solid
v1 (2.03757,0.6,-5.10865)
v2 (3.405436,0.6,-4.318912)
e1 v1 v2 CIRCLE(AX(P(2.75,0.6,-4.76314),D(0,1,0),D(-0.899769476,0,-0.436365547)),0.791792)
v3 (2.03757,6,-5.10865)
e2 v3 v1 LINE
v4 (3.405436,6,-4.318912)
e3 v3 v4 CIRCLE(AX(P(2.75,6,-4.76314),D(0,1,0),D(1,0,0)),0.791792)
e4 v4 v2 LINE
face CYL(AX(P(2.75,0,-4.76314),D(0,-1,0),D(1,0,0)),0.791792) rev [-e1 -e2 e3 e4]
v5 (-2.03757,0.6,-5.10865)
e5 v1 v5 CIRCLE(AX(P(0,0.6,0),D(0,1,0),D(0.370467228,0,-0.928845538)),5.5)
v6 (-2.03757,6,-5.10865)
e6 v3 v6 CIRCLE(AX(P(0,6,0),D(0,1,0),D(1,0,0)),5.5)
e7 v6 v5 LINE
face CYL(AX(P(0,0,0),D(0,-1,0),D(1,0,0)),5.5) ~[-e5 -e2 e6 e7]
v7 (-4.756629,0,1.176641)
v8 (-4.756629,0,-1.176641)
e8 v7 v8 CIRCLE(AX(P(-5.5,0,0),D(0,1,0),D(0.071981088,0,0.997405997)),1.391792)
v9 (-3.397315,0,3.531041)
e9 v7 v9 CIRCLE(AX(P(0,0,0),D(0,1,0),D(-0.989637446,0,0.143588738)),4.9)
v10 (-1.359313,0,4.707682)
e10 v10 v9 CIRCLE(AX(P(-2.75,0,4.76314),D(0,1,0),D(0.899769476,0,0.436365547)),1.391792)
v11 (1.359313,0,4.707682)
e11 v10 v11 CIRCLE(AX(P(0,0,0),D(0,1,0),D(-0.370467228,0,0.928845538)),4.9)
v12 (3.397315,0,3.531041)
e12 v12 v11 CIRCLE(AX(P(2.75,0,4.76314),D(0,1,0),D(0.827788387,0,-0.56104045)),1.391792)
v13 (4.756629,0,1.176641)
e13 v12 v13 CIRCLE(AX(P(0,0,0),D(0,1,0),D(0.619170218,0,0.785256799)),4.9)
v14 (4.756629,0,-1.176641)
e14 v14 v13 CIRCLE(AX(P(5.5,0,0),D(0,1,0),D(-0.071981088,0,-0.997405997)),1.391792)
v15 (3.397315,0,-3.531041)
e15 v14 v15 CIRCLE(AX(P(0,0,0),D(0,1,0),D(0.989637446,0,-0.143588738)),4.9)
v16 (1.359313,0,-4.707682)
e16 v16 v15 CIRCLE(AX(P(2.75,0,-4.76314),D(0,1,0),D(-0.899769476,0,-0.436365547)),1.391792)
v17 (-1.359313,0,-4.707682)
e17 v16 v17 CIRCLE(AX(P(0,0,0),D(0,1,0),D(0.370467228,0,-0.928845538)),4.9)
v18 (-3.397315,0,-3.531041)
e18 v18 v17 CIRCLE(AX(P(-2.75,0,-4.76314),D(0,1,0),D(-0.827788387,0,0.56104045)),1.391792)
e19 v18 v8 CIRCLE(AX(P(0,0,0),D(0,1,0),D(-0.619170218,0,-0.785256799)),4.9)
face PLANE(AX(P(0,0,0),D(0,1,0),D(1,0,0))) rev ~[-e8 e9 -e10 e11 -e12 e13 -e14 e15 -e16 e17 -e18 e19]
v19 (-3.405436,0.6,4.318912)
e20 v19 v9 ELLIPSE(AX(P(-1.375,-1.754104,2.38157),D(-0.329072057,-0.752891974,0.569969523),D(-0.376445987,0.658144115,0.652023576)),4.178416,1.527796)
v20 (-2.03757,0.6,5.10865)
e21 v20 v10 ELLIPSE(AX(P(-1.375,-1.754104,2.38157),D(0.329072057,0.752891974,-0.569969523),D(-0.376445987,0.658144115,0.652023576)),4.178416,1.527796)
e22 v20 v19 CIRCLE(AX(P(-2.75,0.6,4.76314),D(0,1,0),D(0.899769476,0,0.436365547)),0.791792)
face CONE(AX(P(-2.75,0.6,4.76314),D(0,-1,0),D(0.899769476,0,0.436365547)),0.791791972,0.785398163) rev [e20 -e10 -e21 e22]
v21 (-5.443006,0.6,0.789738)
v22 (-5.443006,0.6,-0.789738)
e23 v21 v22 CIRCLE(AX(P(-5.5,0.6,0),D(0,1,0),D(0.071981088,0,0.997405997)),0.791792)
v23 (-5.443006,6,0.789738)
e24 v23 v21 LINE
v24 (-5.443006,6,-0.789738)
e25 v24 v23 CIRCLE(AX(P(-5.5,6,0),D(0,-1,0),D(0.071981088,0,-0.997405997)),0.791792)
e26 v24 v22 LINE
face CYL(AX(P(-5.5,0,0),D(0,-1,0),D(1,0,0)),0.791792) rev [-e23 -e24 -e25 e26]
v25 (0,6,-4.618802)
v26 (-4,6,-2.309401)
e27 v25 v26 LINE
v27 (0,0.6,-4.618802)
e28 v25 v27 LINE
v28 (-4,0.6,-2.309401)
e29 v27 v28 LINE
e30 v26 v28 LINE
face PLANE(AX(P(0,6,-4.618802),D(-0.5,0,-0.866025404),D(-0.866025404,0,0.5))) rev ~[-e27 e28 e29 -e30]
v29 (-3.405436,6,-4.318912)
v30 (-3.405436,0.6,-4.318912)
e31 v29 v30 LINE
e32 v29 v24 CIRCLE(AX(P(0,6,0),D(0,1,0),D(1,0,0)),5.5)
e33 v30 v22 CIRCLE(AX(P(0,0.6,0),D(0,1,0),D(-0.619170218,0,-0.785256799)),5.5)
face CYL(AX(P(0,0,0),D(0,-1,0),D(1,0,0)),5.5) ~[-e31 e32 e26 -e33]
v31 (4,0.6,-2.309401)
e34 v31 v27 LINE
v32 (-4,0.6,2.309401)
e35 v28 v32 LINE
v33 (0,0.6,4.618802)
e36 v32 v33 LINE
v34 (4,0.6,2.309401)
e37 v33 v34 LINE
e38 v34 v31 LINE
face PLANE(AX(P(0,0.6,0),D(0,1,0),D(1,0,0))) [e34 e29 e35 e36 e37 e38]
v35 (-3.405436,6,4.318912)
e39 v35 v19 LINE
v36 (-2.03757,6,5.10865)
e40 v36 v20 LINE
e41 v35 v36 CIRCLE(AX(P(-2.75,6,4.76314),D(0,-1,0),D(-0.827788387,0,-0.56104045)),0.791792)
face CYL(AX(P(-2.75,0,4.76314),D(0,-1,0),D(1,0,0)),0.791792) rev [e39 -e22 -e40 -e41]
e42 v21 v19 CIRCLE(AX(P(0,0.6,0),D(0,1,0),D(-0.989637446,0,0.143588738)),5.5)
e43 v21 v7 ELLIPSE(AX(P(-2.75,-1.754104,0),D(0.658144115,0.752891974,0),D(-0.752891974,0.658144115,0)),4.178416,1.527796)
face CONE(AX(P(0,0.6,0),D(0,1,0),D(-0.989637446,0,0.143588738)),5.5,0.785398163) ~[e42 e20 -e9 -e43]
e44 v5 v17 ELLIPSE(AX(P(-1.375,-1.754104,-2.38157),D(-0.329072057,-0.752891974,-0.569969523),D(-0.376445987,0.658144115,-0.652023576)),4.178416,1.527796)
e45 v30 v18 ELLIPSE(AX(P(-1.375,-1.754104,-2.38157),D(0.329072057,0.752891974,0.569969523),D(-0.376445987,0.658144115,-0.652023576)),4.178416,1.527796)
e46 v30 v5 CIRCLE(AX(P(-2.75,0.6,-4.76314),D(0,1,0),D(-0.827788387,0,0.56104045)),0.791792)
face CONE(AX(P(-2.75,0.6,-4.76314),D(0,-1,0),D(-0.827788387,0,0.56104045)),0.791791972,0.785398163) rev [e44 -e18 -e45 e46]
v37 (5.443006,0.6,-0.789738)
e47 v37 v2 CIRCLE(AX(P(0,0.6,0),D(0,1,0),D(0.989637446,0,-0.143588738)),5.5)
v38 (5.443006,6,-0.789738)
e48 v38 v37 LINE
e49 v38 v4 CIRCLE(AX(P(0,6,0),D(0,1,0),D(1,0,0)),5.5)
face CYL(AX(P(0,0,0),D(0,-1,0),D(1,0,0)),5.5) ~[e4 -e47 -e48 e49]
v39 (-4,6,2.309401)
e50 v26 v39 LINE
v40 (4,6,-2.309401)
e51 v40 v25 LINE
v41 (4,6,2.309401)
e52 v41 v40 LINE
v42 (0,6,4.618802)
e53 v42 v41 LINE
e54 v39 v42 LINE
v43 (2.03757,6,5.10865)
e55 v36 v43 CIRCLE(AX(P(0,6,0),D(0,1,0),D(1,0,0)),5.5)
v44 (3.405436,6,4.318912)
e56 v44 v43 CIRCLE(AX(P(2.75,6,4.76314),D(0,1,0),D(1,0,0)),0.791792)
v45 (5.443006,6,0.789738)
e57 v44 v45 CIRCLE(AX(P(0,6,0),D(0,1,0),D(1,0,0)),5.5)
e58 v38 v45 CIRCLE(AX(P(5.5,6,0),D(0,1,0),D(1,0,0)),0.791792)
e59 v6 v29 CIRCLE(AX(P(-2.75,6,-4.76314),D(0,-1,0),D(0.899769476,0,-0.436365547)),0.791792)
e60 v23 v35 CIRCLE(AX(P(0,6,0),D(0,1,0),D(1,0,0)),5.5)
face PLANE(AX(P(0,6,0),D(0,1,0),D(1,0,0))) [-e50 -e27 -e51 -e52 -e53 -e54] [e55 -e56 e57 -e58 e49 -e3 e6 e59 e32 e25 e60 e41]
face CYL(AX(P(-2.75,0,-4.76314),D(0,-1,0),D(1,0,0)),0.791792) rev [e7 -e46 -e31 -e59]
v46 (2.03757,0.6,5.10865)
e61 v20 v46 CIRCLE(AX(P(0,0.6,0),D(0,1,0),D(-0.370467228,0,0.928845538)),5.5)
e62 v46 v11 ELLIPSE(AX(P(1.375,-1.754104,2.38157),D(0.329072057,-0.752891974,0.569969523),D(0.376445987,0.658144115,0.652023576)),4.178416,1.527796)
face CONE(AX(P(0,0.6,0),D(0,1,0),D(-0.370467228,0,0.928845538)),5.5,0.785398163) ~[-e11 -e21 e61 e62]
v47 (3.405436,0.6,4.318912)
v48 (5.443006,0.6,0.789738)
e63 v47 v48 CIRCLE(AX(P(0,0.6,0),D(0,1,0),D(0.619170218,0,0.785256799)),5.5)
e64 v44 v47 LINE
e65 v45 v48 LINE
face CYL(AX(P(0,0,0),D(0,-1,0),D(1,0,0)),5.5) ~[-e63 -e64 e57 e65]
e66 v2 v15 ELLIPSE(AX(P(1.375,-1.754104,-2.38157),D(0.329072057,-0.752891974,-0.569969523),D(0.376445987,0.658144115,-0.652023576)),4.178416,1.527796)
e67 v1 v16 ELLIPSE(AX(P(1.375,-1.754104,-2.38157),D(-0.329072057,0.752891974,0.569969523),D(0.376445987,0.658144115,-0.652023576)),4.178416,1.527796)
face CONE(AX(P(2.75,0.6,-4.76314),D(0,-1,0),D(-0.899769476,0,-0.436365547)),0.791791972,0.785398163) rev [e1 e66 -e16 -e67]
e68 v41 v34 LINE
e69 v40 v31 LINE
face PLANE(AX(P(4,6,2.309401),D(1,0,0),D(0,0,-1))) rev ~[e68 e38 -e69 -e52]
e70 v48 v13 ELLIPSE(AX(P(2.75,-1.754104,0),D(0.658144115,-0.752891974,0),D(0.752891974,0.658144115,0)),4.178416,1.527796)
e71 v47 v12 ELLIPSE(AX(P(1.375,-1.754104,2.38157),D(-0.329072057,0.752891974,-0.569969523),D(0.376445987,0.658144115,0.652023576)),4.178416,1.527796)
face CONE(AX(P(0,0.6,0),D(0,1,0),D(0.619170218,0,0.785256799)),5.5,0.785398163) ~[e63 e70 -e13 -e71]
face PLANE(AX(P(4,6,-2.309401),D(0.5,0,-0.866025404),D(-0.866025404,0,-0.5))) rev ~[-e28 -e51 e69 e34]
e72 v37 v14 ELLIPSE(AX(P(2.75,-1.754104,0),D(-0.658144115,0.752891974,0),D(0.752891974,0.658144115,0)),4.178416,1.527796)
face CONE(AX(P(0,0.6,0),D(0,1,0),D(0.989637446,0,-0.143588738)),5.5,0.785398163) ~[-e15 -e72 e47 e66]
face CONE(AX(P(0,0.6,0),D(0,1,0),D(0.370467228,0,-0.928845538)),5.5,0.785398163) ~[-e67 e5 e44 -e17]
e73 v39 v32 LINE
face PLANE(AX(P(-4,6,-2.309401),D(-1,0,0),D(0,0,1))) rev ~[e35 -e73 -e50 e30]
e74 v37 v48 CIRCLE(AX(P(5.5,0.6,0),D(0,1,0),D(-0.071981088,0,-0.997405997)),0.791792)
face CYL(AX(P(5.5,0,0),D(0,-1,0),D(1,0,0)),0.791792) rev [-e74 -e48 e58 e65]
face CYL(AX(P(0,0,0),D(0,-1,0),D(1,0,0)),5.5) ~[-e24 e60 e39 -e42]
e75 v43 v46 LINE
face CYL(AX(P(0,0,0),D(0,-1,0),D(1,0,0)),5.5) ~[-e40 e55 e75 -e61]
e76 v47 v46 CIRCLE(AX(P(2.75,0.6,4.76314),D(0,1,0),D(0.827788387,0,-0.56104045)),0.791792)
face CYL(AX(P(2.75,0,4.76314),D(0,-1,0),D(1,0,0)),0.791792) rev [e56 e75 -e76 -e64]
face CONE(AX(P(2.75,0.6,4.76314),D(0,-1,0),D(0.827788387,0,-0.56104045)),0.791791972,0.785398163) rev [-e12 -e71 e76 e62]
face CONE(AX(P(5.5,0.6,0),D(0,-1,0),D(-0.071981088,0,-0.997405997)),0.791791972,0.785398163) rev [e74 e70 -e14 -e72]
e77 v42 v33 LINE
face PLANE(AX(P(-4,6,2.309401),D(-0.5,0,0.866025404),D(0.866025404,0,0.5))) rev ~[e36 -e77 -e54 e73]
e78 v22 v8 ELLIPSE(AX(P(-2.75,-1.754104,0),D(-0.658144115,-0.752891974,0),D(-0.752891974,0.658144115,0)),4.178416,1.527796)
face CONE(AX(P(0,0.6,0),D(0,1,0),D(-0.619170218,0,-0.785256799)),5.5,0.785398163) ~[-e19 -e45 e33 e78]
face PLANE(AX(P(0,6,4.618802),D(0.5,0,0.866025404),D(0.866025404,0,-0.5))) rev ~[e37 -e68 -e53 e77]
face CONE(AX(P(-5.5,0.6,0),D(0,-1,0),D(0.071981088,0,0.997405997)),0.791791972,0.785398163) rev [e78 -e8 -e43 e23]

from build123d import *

# Parameters (mm, degrees)
SKETCH1_R           = 5.5
BOSS_EXTRUDE1_DEPTH = 6
CUT_EXTRUDE1_START  = 6
CUT_EXTRUDE1_DEPTH  = 5.4
SKETCH3_R           = 0.791791972
CUT_EXTRUDE2_DEPTH  = 6
CHAMFER1_SIZE       = 0.6


with BuildPart() as part:
    # Sketch1 → Boss-Extrude1 (new body)
    with BuildSketch(Plane(origin=(0, 0, 0), x_dir=(1, 0, 0), z_dir=(0, 1, 0))):
        Circle(SKETCH1_R)
    extrude(amount=BOSS_EXTRUDE1_DEPTH)

    # Sketch2 → Cut-Extrude1 (cut)
    with BuildSketch(Plane(origin=(0, 0, 0), x_dir=(1, 0, 0), z_dir=(0, 1, 0)).offset(CUT_EXTRUDE1_START)):
        Polygon((4, -2.309401077), (4, 2.309401077), (0, 4.618802154), (-4, 2.309401077), (-4, -2.309401077), (0, -4.618802154), align=None)
    extrude(amount=-CUT_EXTRUDE1_DEPTH, mode=Mode.SUBTRACT)

    # Sketch3 → Cut-Extrude2 (cut)
    with BuildSketch(Plane(origin=(0, 0, 0), x_dir=(1, 0, 0), z_dir=(0, 1, 0))):
        with Locations((-5.5, 0)):
            Circle(SKETCH3_R)
        with Locations((-2.75, 4.763139721)):
            Circle(SKETCH3_R)
        with Locations((2.75, 4.763139721)):
            Circle(SKETCH3_R)
        with Locations((5.5, 0)):
            Circle(SKETCH3_R)
        with Locations((2.75, -4.763139721)):
            Circle(SKETCH3_R)
        with Locations((-2.75, -4.763139721)):
            Circle(SKETCH3_R)
    extrude(amount=CUT_EXTRUDE2_DEPTH, mode=Mode.SUBTRACT)

    # Chamfer1
    chamfer1_edges = [part.edges().sort_by_distance(p)[0] for p in [
        (4.763139721, 0, 2.75),
        (4.763139721, 0, -2.75),
        (0, 0, -5.5),
        (-4.763139721, 0, -2.75),
        (-4.763139721, 0, 2.75),
        (0, 0, 5.5),
        (-2.354104014, 0, -4.077427759),
        (2.354104014, 0, -4.077427759),
        (-4.708208028, 0, 0),
        (-2.354104014, 0, 4.077427759),
        (2.354104014, 0, 4.077427759),
        (4.708208028, 0, 0),
    ]]
    chamfer(chamfer1_edges, length=CHAMFER1_SIZE)


solid = part.part
